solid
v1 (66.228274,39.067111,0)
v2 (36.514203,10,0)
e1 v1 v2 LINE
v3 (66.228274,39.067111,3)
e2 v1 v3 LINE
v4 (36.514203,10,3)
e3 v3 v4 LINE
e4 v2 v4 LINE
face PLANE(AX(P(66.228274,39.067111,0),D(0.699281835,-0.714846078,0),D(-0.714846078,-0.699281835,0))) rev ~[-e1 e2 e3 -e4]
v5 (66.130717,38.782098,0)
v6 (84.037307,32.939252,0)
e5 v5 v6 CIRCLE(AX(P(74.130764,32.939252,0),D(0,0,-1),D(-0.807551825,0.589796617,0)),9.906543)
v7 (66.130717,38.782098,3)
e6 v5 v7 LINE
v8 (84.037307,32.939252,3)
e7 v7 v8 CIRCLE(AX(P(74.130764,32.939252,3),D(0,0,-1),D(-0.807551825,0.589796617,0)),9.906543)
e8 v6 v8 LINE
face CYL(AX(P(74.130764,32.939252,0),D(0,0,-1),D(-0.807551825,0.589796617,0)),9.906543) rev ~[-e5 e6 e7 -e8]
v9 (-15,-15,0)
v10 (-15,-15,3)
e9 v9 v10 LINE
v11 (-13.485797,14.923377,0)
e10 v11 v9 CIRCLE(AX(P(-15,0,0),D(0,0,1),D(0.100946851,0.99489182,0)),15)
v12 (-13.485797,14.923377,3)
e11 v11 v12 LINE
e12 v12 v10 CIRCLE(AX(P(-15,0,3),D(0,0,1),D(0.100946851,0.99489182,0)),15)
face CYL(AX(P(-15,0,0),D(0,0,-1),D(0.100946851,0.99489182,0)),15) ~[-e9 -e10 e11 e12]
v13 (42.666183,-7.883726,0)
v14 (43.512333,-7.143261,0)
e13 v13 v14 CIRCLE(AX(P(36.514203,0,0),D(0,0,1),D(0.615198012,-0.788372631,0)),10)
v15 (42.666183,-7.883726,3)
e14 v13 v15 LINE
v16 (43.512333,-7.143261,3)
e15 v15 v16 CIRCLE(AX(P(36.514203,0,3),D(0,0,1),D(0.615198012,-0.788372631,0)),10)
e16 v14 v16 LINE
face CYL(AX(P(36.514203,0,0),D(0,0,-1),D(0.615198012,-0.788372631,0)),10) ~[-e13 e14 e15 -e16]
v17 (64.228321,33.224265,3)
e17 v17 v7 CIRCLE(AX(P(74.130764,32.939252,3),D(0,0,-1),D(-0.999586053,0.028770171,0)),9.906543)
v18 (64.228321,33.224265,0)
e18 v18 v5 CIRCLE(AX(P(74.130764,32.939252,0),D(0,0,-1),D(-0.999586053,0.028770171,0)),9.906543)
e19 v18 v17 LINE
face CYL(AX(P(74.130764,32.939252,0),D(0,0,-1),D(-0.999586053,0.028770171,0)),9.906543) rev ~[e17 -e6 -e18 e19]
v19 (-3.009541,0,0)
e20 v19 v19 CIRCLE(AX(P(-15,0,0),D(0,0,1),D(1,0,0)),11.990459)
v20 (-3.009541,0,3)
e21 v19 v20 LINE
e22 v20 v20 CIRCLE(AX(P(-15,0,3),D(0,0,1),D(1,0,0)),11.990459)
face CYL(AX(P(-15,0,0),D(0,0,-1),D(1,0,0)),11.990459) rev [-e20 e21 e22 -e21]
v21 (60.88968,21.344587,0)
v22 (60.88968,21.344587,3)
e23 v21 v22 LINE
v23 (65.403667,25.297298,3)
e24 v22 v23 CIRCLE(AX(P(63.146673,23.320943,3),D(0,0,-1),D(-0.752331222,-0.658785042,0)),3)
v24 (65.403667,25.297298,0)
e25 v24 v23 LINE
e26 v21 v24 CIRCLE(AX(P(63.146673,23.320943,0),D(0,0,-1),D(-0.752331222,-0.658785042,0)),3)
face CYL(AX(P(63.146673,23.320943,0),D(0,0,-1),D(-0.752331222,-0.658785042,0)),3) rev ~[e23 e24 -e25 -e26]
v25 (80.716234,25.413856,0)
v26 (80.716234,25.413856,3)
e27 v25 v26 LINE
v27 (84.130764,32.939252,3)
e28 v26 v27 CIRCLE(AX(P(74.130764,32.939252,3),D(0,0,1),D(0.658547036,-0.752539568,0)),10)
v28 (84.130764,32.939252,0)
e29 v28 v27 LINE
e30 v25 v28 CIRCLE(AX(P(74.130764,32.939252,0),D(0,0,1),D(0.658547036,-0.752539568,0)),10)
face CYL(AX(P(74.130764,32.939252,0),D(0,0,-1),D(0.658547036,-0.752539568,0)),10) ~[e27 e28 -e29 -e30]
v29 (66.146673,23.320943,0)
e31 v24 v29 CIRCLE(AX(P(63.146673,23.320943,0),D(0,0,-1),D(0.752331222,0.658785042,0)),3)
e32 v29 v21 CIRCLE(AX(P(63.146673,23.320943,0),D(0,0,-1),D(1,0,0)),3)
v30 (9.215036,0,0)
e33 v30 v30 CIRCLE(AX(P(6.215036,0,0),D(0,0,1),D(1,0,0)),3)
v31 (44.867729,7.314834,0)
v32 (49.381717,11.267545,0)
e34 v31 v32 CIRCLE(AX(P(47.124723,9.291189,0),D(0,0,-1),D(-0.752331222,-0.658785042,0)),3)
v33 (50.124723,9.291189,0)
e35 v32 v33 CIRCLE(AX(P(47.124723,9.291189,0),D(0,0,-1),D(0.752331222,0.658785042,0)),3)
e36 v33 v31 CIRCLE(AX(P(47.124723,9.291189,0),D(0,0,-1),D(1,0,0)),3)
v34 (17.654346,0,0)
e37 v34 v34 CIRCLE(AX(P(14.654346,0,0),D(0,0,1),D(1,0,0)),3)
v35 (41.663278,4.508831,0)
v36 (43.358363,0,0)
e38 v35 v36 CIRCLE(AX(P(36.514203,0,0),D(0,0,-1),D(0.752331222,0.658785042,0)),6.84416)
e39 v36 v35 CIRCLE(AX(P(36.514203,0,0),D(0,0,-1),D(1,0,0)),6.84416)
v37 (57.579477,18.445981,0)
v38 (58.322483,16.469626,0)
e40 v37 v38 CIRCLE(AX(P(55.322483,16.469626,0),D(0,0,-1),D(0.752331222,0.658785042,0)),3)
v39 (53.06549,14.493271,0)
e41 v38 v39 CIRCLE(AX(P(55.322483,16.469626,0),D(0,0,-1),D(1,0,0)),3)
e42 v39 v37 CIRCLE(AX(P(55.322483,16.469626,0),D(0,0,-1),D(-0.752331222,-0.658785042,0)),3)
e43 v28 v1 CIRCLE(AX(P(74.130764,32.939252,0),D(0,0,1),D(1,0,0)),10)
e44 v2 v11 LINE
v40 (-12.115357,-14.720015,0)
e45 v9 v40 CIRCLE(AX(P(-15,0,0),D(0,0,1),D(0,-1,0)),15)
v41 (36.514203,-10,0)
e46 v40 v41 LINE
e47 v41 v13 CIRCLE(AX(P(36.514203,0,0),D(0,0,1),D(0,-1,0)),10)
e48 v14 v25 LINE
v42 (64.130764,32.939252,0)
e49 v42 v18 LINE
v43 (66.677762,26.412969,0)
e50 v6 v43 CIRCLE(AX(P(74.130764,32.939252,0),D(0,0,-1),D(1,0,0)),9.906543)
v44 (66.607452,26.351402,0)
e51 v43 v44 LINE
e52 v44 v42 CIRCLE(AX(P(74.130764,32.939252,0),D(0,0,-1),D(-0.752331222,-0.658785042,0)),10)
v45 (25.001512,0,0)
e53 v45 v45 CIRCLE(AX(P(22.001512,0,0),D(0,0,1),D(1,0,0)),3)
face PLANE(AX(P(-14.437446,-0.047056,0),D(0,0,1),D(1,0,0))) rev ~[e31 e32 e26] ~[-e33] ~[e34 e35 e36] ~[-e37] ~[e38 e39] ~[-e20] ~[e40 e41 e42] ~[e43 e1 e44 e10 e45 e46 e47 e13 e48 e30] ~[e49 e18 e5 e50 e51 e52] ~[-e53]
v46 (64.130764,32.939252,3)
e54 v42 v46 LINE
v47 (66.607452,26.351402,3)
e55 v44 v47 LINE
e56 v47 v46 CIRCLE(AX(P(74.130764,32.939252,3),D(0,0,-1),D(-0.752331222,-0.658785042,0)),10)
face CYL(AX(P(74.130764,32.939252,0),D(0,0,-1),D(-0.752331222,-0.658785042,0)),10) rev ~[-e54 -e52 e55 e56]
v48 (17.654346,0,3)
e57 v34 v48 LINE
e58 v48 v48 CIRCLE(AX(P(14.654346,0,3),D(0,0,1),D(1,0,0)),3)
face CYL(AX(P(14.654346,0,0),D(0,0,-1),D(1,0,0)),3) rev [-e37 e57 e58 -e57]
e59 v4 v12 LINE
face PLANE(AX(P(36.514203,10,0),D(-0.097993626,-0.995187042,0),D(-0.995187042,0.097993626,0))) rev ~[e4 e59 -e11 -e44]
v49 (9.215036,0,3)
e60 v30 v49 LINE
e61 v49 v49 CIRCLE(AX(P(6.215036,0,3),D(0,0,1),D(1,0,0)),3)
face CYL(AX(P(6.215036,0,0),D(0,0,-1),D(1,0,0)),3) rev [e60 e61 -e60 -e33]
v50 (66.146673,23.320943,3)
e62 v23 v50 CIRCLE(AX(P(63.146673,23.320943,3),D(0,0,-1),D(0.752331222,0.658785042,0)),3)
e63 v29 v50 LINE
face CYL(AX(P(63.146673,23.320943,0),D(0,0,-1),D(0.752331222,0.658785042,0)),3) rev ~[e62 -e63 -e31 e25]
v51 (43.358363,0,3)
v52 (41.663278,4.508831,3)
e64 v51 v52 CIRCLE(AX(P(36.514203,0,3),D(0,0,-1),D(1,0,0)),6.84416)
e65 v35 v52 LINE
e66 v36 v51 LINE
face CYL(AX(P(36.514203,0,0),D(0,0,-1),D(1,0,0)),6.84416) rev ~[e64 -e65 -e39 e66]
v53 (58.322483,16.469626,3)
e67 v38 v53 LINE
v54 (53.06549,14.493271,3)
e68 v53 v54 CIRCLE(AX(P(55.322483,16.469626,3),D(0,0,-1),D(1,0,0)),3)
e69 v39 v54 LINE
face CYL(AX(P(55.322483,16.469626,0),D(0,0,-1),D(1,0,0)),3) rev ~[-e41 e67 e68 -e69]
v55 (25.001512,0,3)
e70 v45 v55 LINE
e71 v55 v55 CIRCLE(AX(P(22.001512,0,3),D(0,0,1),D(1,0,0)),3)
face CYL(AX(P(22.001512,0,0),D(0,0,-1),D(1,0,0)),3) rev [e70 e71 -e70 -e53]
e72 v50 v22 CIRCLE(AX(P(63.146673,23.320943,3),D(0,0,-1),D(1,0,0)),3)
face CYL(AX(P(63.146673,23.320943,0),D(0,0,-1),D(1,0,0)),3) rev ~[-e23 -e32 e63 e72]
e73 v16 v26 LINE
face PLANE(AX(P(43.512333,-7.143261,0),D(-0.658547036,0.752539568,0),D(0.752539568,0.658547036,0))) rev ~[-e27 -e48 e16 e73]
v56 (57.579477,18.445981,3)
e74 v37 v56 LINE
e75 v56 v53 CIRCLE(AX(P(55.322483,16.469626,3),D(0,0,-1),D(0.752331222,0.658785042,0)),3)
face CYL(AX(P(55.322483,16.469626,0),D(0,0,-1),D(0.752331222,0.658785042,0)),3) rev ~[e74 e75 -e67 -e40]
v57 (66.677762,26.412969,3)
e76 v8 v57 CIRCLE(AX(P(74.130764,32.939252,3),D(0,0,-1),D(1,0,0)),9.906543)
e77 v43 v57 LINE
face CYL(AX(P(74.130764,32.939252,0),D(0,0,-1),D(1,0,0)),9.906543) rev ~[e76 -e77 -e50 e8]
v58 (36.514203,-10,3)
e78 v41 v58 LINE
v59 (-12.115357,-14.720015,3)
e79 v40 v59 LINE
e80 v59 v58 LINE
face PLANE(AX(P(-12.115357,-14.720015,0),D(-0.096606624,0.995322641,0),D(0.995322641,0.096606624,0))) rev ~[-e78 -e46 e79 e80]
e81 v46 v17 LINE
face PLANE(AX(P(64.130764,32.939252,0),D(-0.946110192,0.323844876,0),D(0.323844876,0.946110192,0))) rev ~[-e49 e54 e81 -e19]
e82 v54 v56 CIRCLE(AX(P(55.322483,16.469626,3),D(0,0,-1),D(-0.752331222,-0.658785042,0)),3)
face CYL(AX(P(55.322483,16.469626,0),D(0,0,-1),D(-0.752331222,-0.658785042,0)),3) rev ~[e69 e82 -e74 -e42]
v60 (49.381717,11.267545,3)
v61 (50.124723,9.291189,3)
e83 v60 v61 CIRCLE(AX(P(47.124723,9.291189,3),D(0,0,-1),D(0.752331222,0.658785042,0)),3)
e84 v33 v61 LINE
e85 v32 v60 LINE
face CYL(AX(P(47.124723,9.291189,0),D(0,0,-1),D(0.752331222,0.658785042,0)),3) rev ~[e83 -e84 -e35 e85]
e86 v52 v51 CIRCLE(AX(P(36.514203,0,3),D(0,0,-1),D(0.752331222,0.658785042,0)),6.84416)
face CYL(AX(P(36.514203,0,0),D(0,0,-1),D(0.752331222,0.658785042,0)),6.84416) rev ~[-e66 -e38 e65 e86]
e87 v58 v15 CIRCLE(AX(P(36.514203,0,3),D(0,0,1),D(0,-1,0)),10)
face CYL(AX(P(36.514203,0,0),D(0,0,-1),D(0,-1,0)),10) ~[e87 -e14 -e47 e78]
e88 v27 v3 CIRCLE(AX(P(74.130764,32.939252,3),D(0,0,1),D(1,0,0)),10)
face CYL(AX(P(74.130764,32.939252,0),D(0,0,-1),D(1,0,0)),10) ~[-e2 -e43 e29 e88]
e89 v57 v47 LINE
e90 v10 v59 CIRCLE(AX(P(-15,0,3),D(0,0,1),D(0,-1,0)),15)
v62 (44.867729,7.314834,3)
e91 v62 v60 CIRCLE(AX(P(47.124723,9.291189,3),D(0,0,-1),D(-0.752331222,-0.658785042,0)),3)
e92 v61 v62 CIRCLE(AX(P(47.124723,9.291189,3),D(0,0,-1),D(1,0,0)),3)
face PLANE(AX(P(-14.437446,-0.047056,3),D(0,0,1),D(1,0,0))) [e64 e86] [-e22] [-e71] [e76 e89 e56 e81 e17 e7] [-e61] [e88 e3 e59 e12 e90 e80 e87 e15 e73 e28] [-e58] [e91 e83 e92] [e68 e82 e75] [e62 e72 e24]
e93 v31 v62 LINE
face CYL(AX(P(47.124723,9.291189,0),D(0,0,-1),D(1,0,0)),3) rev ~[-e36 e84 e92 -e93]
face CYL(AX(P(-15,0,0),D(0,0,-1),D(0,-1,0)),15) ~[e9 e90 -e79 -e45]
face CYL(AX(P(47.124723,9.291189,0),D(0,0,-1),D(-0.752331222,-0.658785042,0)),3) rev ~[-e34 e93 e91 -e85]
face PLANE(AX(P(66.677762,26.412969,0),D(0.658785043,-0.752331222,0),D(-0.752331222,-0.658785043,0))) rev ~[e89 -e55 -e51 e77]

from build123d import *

# Parameters (mm, degrees)
F0_R     = 11.9904594856
F0_R_2   = 3
F1_DEPTH = 3


with BuildPart() as f1:
    # F0 (on Top) → F1 (new body)
    with BuildSketch(Plane.XY):
        with BuildLine():
            ThreePointArc((-12.1153572012, -14.7200148072), (-3.4183411814, -9.5323228549), (0, 0))
            ThreePointArc((0, 0), (-3.8709155487, 10.0570114485), (-13.4857972368, 14.9233772985))
            ThreePointArc((-13.4857972368, 14.9233772985), (-29.9808320776, 0.7580700902), (-15, -15))
            Line((-15, -15), (-12.1153572012, -14.7200148072))
        make_face()
        with Locations((-15, 0)):
            Circle(F0_R, mode=Mode.SUBTRACT)
        with BuildLine():
            ThreePointArc((-13.4857972368, 14.9233772985), (-3.8709155487, 10.0570114485), (0, 0))
            ThreePointArc((0, 0), (-3.4183411814, -9.5323228549), (-12.1153572012, -14.7200148072))
            Line((-12.1153572012, -14.7200148072), (36.5142027632, -10))
            ThreePointArc((36.5142027632, -10), (26.5142027632, 0), (36.5142027632, 10))
            Line((36.5142027632, 10), (-13.4857972368, 14.9233772985))
        make_face()
        with Locations((6.2150359154, 0)):
            Circle(F0_R_2, mode=Mode.SUBTRACT)
        with Locations((14.6543458104, 0)):
            Circle(F0_R_2, mode=Mode.SUBTRACT)
        with Locations((22.0015123487, 0)):
            Circle(F0_R_2, mode=Mode.SUBTRACT)
        with BuildLine():
            ThreePointArc((-15, -15), (-13.5509006431, -14.9298396192), (-12.1153572012, -14.7200148072))
            Line((-12.1153572012, -14.7200148072), (-15, -15))
        make_face()
        with BuildLine():
            ThreePointArc((44.0375149849, 6.5878504245), (40.6446685817, 9.107098996), (36.5142027632, 10))
            ThreePointArc((36.5142027632, 10), (26.5142027632, 0), (36.5142027632, -10))
            ThreePointArc((36.5142027632, -10), (39.7671043031, -9.4561425313), (42.6661828836, -7.8837263143))
            Line((42.6661828836, -7.8837263143), (43.5123325587, -7.1432611156))
            ThreePointArc((43.5123325587, -7.1432611156), (45.7332400761, -3.8741903699), (46.5142027632, 0))
            ThreePointArc((46.5142027632, 0), (45.8745746099, 3.5190110673), (44.0375149849, 6.5878504245))
        make_face()
        with BuildLine():
            ThreePointArc((43.3583631677, 0), (30.1078141267, -2.408467621), (41.6632783251, 4.5088305026))
            ThreePointArc((41.6632783251, 4.5088305026), (42.9205913997, 2.408467621), (43.3583631677, 0))
        make_face(mode=Mode.SUBTRACT)
        with BuildLine():
            Line((66.2282739463, 39.0671108823), (36.5142027632, 10))
            ThreePointArc((36.5142027632, 10), (40.6446685817, 9.107098996), (44.0375149849, 6.5878504245))
            Line((44.0375149849, 6.5878504245), (44.8677292107, 7.3148343617))
            ThreePointArc((44.8677292107, 7.3148343617), (45.1483677498, 11.5481831556), (49.3817165437, 11.2675446164))
            Line((49.3817165437, 11.2675446164), (53.0654896509, 14.4932709338))
            ThreePointArc((53.0654896509, 14.4932709338), (53.34612819, 18.7266197277), (57.5794769839, 18.4459811885))
            Line((57.5794769839, 18.4459811885), (60.8896796087, 21.3445874307))
            ThreePointArc((60.8896796087, 21.3445874307), (61.1703181479, 25.5779362245), (65.4036669417, 25.2972976854))
            Line((65.4036669417, 25.2972976854), (66.6074516499, 26.3514016979))
            ThreePointArc((66.6074516499, 26.3514016979), (64.7703920248, 29.4202410551), (64.1307638715, 32.9392521224))
            ThreePointArc((64.1307638715, 32.9392521224), (64.669661947, 36.1777008828), (66.2282739463, 39.0671108823))
        make_face()
        with BuildLine():
            Line((44.8677292107, 7.3148343617), (44.0375149849, 6.5878504245))
            ThreePointArc((44.0375149849, 6.5878504245), (45.8745746099, 3.5190110673), (46.5142027632, 0))
            ThreePointArc((46.5142027632, 0), (45.7332400761, -3.8741903699), (43.5123325587, -7.1432611156))
            Line((43.5123325587, -7.1432611156), (80.7162342327, 25.4138564436))
            ThreePointArc((80.7162342327, 25.4138564436), (73.4677143901, 22.9612580662), (66.6074516499, 26.3514016979))
            Line((66.6074516499, 26.3514016979), (65.4036669417, 25.2972976854))
            ThreePointArc((65.4036669417, 25.2972976854), (65.9547848292, 24.3766458782), (66.1466732752, 23.320942558))
            ThreePointArc((66.1466732752, 23.320942558), (64.2023765954, 20.512831004), (60.8896796087, 21.3445874307))
            Line((60.8896796087, 21.3445874307), (57.5794769839, 18.4459811885))
            ThreePointArc((57.5794769839, 18.4459811885), (58.1305948714, 17.5253293814), (58.3224833174, 16.4696260612))
            ThreePointArc((58.3224833174, 16.4696260612), (56.3781866375, 13.6615145072), (53.0654896509, 14.4932709338))
            Line((53.0654896509, 14.4932709338), (49.3817165437, 11.2675446164))
            ThreePointArc((49.3817165437, 11.2675446164), (49.9328344312, 10.3468928092), (50.1247228772, 9.2911894891))
            ThreePointArc((50.1247228772, 9.2911894891), (48.1804261974, 6.4830779351), (44.8677292107, 7.3148343617))
        make_face()
        with BuildLine():
            Line((66.1307166189, 38.7820979372), (66.2282739463, 39.0671108823))
            ThreePointArc((66.2282739463, 39.0671108823), (64.669661947, 36.1777008828), (64.1307638715, 32.9392521224))
            Line((64.1307638715, 32.9392521224), (64.228321199, 33.2242650675))
            ThreePointArc((64.228321199, 33.2242650675), (64.7580821351, 36.1474354602), (66.1307166189, 38.7820979372))
        make_face()
        with BuildLine():
            ThreePointArc((84.1307638715, 32.9392521224), (77.369212632, 42.4003540469), (66.2282739463, 39.0671108823))
            Line((66.2282739463, 39.0671108823), (66.1307166189, 38.7820979372))
            ThreePointArc((66.1307166189, 38.7820979372), (77.2037744065, 42.3571186277), (84.0373073283, 32.9392521224))
            ThreePointArc((84.0373073283, 32.9392521224), (77.6168874778, 23.6663590753), (66.6777619252, 26.4129694707))
            Line((66.6777619252, 26.4129694707), (66.6074516499, 26.3514016979))
            ThreePointArc((66.6074516499, 26.3514016979), (73.4677143901, 22.9612580662), (80.7162342327, 25.4138564436))
            ThreePointArc((80.7162342327, 25.4138564436), (83.2372094902, 28.8073460012), (84.1307638715, 32.9392521224))
        make_face()
        with BuildLine():
            Line((43.5123325587, -7.1432611156), (42.6661828836, -7.8837263143))
            ThreePointArc((42.6661828836, -7.8837263143), (43.0996731243, -7.5253956788), (43.5123325587, -7.1432611156))
        make_face()
    extrude(amount=F1_DEPTH)


solid = f1.part
